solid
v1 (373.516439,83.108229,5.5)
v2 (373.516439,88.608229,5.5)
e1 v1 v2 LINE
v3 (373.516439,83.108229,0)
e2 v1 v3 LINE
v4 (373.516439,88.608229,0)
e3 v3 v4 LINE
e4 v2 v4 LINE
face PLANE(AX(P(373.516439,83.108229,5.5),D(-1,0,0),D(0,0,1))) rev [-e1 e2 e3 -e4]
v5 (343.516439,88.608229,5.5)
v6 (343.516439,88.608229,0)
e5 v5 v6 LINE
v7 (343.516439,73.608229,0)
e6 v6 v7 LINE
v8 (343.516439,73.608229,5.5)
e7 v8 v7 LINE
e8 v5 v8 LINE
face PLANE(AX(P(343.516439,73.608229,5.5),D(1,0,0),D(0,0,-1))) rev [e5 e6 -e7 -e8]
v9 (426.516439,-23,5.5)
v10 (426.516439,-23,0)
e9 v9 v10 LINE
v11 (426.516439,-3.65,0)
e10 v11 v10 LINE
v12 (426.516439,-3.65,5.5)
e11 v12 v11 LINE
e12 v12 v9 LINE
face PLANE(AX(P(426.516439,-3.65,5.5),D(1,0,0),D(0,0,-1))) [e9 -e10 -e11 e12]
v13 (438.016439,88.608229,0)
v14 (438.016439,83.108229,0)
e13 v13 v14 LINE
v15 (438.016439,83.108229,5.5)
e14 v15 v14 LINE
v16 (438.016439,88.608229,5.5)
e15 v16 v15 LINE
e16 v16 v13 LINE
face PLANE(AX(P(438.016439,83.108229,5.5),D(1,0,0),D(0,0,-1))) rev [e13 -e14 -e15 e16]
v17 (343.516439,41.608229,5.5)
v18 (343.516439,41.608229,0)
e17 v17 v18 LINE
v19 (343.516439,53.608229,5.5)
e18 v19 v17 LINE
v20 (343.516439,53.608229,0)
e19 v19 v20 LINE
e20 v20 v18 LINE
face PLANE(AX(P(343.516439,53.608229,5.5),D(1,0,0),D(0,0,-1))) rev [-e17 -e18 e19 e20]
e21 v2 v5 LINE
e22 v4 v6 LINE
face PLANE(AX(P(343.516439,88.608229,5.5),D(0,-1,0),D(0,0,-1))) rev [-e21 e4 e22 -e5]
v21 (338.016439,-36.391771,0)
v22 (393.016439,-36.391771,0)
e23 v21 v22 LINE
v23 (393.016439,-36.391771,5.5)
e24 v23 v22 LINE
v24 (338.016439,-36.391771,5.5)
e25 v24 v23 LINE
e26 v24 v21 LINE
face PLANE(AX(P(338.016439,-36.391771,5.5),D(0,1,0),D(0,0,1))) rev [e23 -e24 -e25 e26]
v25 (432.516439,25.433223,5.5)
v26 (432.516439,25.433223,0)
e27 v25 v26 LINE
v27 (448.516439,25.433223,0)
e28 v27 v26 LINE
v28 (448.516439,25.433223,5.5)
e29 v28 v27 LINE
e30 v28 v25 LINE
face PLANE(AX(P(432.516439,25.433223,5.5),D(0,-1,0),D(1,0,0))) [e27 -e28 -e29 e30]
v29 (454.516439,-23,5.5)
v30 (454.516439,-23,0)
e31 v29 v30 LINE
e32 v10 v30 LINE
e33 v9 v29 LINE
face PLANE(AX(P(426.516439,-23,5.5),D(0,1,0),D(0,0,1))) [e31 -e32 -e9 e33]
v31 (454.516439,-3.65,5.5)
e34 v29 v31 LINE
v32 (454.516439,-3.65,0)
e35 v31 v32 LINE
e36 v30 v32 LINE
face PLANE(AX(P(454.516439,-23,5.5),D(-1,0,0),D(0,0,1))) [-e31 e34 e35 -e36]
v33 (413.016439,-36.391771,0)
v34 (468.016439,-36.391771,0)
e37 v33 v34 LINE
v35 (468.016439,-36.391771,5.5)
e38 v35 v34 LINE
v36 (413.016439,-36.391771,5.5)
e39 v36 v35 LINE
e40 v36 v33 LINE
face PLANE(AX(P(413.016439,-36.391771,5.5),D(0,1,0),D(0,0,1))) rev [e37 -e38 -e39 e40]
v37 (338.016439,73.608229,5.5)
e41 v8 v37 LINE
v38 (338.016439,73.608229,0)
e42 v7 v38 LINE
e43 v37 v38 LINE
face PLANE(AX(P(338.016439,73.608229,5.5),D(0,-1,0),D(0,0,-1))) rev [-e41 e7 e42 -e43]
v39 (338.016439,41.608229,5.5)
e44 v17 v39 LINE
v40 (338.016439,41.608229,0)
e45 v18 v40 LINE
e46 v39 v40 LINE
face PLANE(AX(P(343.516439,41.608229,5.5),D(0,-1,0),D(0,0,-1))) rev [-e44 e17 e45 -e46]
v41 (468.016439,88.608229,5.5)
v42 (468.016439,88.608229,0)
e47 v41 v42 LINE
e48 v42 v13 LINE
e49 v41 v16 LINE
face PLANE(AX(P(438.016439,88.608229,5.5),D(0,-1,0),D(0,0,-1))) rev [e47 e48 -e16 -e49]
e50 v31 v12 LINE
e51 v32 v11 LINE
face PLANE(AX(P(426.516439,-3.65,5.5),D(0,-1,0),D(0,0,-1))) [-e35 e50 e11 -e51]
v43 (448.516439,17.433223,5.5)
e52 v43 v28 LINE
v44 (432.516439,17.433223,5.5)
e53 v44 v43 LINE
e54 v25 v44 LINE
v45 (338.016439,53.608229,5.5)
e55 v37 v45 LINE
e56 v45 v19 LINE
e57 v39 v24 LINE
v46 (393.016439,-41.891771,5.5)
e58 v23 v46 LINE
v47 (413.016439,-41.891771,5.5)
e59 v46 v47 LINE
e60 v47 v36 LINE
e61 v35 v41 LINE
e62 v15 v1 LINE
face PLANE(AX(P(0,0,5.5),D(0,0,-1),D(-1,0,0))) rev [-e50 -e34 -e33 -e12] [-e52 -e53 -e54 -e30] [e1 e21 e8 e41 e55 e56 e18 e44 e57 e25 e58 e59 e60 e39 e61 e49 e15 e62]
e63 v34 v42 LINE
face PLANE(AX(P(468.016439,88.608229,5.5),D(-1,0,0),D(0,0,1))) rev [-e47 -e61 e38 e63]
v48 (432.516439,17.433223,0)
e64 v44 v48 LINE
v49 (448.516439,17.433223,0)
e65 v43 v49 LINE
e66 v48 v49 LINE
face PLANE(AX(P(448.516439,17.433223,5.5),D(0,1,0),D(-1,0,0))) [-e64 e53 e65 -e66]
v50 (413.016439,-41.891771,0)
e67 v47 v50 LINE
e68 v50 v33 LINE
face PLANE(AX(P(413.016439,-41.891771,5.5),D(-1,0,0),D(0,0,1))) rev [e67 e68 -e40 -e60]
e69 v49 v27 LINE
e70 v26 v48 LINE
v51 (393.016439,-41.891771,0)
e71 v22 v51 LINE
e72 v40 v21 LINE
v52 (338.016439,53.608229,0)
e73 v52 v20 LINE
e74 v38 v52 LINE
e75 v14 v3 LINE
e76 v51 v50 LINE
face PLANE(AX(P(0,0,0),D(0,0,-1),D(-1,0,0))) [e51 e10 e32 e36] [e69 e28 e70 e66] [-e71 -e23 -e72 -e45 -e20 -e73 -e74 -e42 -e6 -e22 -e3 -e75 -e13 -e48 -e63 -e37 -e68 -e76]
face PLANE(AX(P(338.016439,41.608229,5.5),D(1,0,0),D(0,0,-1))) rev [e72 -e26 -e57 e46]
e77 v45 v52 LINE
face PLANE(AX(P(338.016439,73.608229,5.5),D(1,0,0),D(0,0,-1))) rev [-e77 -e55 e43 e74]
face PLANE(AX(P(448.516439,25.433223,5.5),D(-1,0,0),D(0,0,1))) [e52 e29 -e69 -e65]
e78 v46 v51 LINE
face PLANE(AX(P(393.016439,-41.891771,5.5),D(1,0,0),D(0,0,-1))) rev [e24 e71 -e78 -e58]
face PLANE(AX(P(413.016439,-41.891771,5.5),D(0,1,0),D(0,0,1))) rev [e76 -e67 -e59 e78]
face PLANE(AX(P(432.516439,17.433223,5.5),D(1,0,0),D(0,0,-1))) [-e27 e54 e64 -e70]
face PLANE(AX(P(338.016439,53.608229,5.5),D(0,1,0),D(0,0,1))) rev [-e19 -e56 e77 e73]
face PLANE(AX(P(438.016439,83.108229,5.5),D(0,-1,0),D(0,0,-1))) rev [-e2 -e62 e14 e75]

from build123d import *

# Parameters (mm, degrees)
CROQUIS1_W              = 28
CROQUIS1_H              = 19.35
CROQUIS1_W_2            = 16
CROQUIS1_H_2            = 8
SALIENTE_EXTRUIR1_DEPTH = 5.5


with BuildPart() as part:
    # Croquis1 → Saliente-Extruir1 (new body)
    with BuildSketch(Plane.XY):
        Polygon((468.016438709, 88.608229285), (468.016438709, -36.391770715), (413.016438709, -36.391770715), (413.016438709, -41.891770715), (393.016438709, -41.891770715), (393.016438709, -36.391770715), (338.016438709, -36.391770715), (338.016438709, 41.608229285), (343.516438709, 41.608229285), (343.516438709, 53.608229285), (338.016438709, 53.608229285), (338.016438709, 73.608229285), (343.516438709, 73.608229285), (343.516438709, 88.608229285), (373.516438709, 88.608229285), (373.516438709, 83.108229285), (438.016438709, 83.108229285), (438.016438709, 88.608229285), align=None)
        with Locations((440.516438709, -13.325)):
            Rectangle(CROQUIS1_W, CROQUIS1_H, mode=Mode.SUBTRACT)
        with Locations((440.516438709, 21.433223203)):
            Rectangle(CROQUIS1_W_2, CROQUIS1_H_2, mode=Mode.SUBTRACT)
    extrude(amount=SALIENTE_EXTRUIR1_DEPTH)


solid = part.part
